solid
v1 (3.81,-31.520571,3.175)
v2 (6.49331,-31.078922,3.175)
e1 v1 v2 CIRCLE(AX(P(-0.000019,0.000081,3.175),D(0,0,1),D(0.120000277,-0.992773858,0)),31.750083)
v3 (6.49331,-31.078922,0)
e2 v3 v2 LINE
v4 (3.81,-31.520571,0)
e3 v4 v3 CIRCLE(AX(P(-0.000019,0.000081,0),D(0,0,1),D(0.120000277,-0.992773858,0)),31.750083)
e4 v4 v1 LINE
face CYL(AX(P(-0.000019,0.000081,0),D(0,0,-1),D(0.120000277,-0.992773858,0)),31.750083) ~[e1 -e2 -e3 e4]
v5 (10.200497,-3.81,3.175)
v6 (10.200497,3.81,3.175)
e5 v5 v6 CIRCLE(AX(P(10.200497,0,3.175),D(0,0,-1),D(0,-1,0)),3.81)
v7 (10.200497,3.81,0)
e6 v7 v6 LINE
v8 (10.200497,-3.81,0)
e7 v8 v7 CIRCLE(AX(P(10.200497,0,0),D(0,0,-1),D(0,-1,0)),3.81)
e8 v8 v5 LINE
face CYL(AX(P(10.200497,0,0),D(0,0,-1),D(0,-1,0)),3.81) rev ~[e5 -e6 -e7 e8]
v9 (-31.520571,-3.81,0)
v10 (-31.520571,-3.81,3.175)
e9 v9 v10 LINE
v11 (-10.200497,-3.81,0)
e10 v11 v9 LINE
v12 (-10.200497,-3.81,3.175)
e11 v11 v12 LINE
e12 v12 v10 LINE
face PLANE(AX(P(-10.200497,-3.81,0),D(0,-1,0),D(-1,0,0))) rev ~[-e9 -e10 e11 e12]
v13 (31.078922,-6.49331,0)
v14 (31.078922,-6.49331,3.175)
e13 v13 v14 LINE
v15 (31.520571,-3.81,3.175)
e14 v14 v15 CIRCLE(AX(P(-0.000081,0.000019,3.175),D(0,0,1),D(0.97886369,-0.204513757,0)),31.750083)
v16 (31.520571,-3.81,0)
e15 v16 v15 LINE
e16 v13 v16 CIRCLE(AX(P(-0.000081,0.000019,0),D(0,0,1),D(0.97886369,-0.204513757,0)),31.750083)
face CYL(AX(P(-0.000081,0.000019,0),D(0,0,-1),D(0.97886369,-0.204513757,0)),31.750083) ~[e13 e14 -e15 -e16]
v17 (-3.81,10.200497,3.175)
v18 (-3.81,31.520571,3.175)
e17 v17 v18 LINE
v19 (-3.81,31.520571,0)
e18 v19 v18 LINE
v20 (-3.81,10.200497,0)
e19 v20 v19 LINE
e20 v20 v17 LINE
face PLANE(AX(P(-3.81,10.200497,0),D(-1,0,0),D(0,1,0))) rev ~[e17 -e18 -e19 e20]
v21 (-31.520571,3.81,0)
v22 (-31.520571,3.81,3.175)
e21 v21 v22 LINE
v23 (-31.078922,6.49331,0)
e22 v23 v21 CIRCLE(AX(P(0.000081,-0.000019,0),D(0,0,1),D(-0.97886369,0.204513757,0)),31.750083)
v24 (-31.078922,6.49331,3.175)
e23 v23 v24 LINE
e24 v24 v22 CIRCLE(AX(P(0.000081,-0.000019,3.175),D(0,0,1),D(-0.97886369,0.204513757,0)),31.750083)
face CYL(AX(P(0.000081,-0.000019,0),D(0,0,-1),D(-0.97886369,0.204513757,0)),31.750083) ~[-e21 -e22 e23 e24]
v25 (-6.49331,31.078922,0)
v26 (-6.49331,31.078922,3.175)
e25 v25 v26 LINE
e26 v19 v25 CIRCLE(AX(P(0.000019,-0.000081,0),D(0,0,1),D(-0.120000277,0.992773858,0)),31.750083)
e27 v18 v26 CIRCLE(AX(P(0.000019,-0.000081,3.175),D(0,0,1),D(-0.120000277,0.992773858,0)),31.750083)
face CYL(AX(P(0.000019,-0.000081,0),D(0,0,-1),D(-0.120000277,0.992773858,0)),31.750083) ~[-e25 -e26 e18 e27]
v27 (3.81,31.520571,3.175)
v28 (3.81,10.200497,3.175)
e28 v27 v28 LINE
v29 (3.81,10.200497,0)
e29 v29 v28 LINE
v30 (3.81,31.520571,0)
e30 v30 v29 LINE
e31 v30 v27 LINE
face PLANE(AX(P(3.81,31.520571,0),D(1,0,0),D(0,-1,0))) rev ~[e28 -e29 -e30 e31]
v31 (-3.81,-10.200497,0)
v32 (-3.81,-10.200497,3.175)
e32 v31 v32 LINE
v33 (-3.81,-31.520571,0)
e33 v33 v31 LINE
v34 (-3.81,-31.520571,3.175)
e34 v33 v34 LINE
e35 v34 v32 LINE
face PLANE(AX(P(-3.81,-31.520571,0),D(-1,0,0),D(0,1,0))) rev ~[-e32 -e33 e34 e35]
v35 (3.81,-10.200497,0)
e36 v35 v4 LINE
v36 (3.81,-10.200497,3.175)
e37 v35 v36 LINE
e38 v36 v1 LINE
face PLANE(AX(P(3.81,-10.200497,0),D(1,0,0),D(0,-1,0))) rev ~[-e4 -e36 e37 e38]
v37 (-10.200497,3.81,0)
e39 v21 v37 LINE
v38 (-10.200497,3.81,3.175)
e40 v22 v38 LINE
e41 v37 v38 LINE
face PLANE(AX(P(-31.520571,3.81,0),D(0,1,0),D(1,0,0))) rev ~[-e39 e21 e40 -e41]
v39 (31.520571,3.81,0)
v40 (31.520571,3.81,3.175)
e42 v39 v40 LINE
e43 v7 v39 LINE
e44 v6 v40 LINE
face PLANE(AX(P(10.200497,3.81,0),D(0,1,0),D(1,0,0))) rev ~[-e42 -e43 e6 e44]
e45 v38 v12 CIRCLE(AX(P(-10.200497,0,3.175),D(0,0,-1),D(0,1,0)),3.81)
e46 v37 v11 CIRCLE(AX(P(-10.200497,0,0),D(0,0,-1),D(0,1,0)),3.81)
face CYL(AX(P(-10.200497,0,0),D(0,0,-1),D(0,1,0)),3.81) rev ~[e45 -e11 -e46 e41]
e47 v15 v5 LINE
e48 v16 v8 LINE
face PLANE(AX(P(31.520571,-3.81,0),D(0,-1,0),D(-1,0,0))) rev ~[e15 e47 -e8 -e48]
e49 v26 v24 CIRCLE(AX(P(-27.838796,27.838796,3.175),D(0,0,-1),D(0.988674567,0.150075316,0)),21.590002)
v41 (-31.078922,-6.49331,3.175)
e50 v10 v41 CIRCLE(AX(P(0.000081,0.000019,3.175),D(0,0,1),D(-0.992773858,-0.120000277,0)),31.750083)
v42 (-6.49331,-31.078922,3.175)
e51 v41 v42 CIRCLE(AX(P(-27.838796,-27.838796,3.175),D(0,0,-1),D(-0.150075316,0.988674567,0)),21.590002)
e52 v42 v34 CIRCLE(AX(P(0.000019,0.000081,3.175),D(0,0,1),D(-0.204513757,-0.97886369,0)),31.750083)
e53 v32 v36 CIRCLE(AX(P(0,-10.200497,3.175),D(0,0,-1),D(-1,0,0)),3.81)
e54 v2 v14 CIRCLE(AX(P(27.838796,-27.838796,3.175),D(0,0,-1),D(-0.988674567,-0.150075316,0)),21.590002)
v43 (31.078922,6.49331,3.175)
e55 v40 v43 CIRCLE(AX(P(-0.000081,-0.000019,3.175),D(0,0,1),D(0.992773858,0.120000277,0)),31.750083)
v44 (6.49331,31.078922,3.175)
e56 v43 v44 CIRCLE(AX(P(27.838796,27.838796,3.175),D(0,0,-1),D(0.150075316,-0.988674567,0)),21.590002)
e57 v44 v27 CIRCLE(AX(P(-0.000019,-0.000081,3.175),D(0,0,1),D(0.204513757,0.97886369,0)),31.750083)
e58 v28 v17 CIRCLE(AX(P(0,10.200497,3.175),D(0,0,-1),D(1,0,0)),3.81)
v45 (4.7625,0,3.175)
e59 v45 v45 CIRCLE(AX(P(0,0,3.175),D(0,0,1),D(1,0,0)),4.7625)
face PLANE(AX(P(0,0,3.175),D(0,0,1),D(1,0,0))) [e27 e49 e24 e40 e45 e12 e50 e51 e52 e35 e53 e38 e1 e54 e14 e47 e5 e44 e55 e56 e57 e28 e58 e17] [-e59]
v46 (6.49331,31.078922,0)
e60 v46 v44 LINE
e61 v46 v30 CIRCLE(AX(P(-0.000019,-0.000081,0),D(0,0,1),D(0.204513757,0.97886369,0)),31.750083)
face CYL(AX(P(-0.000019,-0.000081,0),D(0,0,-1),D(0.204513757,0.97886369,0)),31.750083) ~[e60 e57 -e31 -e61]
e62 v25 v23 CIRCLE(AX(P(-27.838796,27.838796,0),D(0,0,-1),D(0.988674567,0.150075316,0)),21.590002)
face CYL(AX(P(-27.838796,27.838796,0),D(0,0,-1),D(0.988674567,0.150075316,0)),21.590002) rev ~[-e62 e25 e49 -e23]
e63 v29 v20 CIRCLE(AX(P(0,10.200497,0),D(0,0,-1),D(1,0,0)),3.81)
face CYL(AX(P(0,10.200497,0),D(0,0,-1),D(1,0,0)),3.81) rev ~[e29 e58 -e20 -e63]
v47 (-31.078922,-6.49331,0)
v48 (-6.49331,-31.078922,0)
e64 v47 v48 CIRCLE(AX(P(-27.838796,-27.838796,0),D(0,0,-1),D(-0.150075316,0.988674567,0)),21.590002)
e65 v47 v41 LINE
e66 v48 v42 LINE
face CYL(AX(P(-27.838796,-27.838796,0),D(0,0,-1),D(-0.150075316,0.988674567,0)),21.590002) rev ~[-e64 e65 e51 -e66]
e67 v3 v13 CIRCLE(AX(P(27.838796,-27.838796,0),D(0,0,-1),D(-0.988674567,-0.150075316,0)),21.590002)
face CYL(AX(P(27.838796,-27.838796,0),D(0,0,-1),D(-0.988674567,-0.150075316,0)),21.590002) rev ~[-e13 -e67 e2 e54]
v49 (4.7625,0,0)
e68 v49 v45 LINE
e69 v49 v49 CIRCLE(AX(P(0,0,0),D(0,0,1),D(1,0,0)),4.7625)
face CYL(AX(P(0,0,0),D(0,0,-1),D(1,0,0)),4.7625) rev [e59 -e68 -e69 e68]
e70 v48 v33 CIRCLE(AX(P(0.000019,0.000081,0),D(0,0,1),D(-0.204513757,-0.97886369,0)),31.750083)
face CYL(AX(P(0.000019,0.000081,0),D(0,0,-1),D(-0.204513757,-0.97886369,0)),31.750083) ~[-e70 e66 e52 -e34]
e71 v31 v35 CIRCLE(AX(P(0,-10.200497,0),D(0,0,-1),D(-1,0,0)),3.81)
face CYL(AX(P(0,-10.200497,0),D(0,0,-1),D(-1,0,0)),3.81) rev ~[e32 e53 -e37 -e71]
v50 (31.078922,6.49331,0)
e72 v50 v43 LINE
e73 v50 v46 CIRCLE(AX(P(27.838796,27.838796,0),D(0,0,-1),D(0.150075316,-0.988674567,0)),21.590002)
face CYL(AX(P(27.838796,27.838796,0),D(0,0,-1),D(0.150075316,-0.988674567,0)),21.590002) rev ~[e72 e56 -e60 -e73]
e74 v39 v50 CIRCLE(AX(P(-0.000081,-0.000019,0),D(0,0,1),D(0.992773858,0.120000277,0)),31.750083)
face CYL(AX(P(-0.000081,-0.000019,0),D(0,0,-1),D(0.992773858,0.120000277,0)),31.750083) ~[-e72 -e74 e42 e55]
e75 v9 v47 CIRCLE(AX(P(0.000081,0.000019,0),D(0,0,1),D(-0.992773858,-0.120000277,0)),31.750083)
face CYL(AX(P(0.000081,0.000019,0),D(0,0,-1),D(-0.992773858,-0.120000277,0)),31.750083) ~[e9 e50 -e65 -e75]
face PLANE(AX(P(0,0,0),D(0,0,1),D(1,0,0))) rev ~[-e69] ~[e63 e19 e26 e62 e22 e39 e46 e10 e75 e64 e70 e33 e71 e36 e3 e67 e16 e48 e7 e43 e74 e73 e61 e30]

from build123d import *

# Parameters (mm, degrees)
F0_R     = 4.7625
F1_DEPTH = 3.175


with BuildPart() as f1:
    # F0 (on Top) → F1 (new body)
    with BuildSketch(Plane.XY):
        with BuildLine():
            ThreePointArc((-6.49331, 31.078922), (-12.572359, 12.572359), (-31.078922, 6.49331))
            ThreePointArc((-31.078922, 6.49331), (-31.328488, 5.156386), (-31.520571, 3.81))
            Line((-31.520571, 3.81), (-10.200497, 3.81))
            ThreePointArc((-10.200497, 3.81), (-6.390497, 0), (-10.200497, -3.81))
            Line((-10.200497, -3.81), (-31.520571, -3.81))
            ThreePointArc((-31.520571, -3.81), (-31.328488, -5.156386), (-31.078922, -6.49331))
            ThreePointArc((-31.078922, -6.49331), (-12.572359, -12.572359), (-6.49331, -31.078922))
            ThreePointArc((-6.49331, -31.078922), (-5.156386, -31.328488), (-3.81, -31.520571))
            Line((-3.81, -31.520571), (-3.81, -10.200497))
            ThreePointArc((-3.81, -10.200497), (0, -6.390497), (3.81, -10.200497))
            Line((3.81, -10.200497), (3.81, -31.520571))
            ThreePointArc((3.81, -31.520571), (5.156386, -31.328488), (6.49331, -31.078922))
            ThreePointArc((6.49331, -31.078922), (12.572359, -12.572359), (31.078922, -6.49331))
            ThreePointArc((31.078922, -6.49331), (31.328488, -5.156386), (31.520571, -3.81))
            Line((31.520571, -3.81), (10.200497, -3.81))
            ThreePointArc((10.200497, -3.81), (6.390497, 0), (10.200497, 3.81))
            Line((10.200497, 3.81), (31.520571, 3.81))
            ThreePointArc((31.520571, 3.81), (31.328488, 5.156386), (31.078922, 6.49331))
            ThreePointArc((31.078922, 6.49331), (12.572359, 12.572359), (6.49331, 31.078922))
            ThreePointArc((6.49331, 31.078922), (5.156386, 31.328488), (3.81, 31.520571))
            Line((3.81, 31.520571), (3.81, 10.200497))
            ThreePointArc((3.81, 10.200497), (0, 6.390497), (-3.81, 10.200497))
            Line((-3.81, 10.200497), (-3.81, 31.520571))
            ThreePointArc((-3.81, 31.520571), (-5.156386, 31.328488), (-6.49331, 31.078922))
        make_face()
        Circle(F0_R, mode=Mode.SUBTRACT)
    extrude(amount=F1_DEPTH)


solid = f1.part
